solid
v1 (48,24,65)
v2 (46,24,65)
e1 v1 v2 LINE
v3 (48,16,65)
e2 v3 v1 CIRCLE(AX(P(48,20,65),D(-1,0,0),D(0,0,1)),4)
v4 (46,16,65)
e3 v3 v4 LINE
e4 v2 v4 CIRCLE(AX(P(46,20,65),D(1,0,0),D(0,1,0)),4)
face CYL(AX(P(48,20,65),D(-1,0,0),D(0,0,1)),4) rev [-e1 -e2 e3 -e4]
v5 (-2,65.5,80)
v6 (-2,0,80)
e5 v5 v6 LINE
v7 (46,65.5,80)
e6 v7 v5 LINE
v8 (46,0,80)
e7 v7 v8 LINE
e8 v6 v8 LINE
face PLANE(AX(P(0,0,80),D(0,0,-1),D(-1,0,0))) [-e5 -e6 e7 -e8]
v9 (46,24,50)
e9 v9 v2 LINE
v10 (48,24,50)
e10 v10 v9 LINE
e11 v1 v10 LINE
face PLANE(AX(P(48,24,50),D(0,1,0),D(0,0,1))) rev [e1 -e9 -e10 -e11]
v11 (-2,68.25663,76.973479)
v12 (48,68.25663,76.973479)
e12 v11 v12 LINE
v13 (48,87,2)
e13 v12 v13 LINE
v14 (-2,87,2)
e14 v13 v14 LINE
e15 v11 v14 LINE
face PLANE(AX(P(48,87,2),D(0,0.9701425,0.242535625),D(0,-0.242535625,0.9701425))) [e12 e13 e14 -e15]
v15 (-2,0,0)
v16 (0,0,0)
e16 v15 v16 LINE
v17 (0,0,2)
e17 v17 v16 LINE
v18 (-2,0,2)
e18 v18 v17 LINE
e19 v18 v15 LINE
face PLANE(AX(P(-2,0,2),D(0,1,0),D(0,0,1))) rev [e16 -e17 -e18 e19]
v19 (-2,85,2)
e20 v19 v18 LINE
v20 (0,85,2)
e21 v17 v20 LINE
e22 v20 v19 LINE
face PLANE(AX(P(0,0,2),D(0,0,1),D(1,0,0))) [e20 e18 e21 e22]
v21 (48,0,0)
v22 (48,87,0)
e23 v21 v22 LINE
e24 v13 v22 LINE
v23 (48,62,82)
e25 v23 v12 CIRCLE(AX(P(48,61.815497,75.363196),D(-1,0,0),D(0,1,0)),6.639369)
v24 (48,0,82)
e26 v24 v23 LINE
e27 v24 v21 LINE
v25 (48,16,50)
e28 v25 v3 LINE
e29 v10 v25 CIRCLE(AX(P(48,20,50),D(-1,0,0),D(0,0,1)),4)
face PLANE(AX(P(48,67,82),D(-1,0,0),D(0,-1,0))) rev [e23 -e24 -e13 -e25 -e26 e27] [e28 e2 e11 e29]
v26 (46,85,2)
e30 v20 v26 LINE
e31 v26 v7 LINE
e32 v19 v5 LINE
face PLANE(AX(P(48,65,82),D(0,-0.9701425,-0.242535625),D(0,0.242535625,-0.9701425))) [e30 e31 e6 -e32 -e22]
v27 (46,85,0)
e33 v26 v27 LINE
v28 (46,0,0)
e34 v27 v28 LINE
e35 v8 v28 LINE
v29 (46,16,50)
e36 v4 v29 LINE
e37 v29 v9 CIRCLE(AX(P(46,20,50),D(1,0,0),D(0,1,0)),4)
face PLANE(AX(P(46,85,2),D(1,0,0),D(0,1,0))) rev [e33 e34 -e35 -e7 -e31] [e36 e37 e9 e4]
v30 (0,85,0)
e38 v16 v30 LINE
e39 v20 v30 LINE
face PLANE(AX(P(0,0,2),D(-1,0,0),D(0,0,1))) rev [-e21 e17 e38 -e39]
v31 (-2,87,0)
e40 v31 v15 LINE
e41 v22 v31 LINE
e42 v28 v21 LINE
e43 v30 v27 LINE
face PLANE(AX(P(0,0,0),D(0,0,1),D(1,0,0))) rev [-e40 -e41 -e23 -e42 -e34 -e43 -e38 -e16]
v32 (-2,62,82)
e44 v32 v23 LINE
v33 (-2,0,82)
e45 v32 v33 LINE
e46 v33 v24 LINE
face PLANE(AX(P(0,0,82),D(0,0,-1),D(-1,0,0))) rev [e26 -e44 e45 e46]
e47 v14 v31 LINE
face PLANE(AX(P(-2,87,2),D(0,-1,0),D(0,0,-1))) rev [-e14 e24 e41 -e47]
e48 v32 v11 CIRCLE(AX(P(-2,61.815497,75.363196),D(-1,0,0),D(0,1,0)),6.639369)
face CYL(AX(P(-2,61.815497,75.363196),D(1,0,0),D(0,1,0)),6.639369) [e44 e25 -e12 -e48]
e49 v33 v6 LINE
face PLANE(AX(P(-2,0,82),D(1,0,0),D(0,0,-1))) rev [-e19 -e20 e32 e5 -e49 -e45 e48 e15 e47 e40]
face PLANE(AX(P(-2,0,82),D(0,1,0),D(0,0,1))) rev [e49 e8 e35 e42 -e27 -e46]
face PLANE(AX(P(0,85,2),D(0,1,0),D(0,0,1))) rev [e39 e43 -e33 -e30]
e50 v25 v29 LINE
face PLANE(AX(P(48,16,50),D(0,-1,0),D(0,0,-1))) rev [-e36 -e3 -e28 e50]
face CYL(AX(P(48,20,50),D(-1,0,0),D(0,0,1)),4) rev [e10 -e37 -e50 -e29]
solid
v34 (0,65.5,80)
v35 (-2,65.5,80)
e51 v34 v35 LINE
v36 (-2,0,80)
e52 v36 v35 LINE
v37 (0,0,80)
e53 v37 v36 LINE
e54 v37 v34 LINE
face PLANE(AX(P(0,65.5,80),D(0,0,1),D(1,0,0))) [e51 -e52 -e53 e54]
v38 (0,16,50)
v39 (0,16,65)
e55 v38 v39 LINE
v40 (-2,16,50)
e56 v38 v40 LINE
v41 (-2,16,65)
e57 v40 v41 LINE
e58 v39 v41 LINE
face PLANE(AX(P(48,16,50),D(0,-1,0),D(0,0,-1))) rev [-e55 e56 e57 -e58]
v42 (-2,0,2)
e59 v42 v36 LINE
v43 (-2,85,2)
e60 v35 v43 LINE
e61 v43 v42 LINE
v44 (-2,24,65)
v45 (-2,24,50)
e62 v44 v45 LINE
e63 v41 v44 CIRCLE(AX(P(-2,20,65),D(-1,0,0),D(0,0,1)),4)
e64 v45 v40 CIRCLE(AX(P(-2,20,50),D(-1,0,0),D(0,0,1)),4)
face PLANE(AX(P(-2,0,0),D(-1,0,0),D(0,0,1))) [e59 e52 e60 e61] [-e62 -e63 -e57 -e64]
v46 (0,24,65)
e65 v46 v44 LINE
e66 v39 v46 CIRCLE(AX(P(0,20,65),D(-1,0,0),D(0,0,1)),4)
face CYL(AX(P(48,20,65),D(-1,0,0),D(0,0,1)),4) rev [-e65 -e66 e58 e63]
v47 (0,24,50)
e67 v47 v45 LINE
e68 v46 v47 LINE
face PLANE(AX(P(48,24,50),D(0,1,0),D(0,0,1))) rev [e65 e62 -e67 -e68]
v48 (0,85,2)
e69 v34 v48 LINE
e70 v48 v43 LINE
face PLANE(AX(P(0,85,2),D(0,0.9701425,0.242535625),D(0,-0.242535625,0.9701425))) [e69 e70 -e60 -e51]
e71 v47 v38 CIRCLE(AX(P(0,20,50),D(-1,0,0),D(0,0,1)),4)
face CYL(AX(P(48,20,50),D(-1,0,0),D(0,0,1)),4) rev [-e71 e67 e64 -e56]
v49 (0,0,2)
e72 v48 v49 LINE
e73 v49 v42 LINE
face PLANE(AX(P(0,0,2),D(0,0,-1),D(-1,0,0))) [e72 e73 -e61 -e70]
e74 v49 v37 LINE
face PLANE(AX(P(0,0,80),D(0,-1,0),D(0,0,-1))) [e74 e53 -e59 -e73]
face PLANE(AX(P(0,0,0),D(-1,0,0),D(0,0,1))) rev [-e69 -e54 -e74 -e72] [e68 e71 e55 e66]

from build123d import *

# Parameters (mm, degrees)
EXTRUDE_1_DEPTH     = 2
EXTRUDE_2_DEPTH     = 2
EXTRUDE_6_DEPTH     = 50
EXTRUDE_7_DEPTH     = 2
EXTRUDE_8_DEPTH     = 2
CUT_EXTRUDE_1_DEPTH = 130.587808069
CUT_EXTRUDE_2_DEPTH = 130.587808069


with BuildPart() as part:
    # 草图3 → 凸台-拉伸1 (new body)
    with BuildSketch(Plane.XY.offset(80)):
        Polygon((-2, 0), (-2, 65), (-2, 67), (48, 67), (48, 0), align=None)
    extrude(amount=EXTRUDE_1_DEPTH)



with BuildPart() as body_2:
    # 草图2 → 凸台-拉伸2 (new body)
    with BuildSketch(Plane.XY):
        Polygon((0, 0), (0, 85), (46, 85), (46, 0), (48, 0), (48, 87), (-2, 87), (-2, 0), align=None)
    extrude(amount=EXTRUDE_2_DEPTH)


with BuildPart() as part_1:
    add(part.part)

    add(body_2.part)  # 凸台-拉伸6 merges body 2
    # 草图7 → 凸台-拉伸6 (add)
    with BuildSketch(Plane.ZY.offset(2)):
        Polygon((2, 87), (82, 67), (82, 65), (2, 85), align=None)
    extrude(amount=-EXTRUDE_6_DEPTH)

    # 草图9 → 凸台-拉伸8 (add)
    with BuildSketch(Plane(origin=(48, 0, 0), x_dir=(0, 0, -1), z_dir=(1, 0, 0))):
        Polygon((-80, 65.5), (-2, 85), (-2, 0), (-80, 0), align=None)
    extrude(amount=-EXTRUDE_8_DEPTH)

    # 草图10 → 切除-拉伸1 (cut, through all)
    with BuildSketch(Plane(origin=(48, 0, 0), x_dir=(0, 0, -1), z_dir=(1, 0, 0))):
        with BuildLine():
            Line((-82, 67), (-76.973478931, 68.256630267))
            ThreePointArc((-76.973478931, 68.256630267), (-80.539098364, 65.973770906), (-82, 62))
            Line((-82, 62), (-82, 67))
        make_face()
    extrude(amount=-CUT_EXTRUDE_1_DEPTH, mode=Mode.SUBTRACT)


with BuildPart() as body_2_2:
    # 草图8 → 凸台-拉伸7 (new body)
    with BuildSketch(Plane.ZY.offset(2)):
        Polygon((2, 85), (80, 65.5), (80, 0), (2, 0), align=None)
    extrude(amount=-EXTRUDE_7_DEPTH)


with BuildPart() as cut_extrude_2_tool:
    # 草图11 → 切除-拉伸2 (new, through all)
    with BuildSketch(Plane.ZY.offset(2)):
        with BuildLine():
            Line((50, 24), (65, 24))
            ThreePointArc((65, 24), (69, 20), (65, 16))
            Line((65, 16), (50, 16))
            ThreePointArc((50, 16), (46, 20), (50, 24))
        make_face()
    extrude(amount=-CUT_EXTRUDE_2_DEPTH)


with BuildPart() as part_2:
    add(part_1.part)

    # 切除-拉伸2: cut by cut_extrude_2_tool
    add(cut_extrude_2_tool.part, mode=Mode.SUBTRACT)


with BuildPart() as body_2_2_1:
    add(body_2_2.part)

    # 切除-拉伸2: cut by cut_extrude_2_tool
    add(cut_extrude_2_tool.part, mode=Mode.SUBTRACT)


solid = Compound([part_2.part, body_2_2_1.part])
